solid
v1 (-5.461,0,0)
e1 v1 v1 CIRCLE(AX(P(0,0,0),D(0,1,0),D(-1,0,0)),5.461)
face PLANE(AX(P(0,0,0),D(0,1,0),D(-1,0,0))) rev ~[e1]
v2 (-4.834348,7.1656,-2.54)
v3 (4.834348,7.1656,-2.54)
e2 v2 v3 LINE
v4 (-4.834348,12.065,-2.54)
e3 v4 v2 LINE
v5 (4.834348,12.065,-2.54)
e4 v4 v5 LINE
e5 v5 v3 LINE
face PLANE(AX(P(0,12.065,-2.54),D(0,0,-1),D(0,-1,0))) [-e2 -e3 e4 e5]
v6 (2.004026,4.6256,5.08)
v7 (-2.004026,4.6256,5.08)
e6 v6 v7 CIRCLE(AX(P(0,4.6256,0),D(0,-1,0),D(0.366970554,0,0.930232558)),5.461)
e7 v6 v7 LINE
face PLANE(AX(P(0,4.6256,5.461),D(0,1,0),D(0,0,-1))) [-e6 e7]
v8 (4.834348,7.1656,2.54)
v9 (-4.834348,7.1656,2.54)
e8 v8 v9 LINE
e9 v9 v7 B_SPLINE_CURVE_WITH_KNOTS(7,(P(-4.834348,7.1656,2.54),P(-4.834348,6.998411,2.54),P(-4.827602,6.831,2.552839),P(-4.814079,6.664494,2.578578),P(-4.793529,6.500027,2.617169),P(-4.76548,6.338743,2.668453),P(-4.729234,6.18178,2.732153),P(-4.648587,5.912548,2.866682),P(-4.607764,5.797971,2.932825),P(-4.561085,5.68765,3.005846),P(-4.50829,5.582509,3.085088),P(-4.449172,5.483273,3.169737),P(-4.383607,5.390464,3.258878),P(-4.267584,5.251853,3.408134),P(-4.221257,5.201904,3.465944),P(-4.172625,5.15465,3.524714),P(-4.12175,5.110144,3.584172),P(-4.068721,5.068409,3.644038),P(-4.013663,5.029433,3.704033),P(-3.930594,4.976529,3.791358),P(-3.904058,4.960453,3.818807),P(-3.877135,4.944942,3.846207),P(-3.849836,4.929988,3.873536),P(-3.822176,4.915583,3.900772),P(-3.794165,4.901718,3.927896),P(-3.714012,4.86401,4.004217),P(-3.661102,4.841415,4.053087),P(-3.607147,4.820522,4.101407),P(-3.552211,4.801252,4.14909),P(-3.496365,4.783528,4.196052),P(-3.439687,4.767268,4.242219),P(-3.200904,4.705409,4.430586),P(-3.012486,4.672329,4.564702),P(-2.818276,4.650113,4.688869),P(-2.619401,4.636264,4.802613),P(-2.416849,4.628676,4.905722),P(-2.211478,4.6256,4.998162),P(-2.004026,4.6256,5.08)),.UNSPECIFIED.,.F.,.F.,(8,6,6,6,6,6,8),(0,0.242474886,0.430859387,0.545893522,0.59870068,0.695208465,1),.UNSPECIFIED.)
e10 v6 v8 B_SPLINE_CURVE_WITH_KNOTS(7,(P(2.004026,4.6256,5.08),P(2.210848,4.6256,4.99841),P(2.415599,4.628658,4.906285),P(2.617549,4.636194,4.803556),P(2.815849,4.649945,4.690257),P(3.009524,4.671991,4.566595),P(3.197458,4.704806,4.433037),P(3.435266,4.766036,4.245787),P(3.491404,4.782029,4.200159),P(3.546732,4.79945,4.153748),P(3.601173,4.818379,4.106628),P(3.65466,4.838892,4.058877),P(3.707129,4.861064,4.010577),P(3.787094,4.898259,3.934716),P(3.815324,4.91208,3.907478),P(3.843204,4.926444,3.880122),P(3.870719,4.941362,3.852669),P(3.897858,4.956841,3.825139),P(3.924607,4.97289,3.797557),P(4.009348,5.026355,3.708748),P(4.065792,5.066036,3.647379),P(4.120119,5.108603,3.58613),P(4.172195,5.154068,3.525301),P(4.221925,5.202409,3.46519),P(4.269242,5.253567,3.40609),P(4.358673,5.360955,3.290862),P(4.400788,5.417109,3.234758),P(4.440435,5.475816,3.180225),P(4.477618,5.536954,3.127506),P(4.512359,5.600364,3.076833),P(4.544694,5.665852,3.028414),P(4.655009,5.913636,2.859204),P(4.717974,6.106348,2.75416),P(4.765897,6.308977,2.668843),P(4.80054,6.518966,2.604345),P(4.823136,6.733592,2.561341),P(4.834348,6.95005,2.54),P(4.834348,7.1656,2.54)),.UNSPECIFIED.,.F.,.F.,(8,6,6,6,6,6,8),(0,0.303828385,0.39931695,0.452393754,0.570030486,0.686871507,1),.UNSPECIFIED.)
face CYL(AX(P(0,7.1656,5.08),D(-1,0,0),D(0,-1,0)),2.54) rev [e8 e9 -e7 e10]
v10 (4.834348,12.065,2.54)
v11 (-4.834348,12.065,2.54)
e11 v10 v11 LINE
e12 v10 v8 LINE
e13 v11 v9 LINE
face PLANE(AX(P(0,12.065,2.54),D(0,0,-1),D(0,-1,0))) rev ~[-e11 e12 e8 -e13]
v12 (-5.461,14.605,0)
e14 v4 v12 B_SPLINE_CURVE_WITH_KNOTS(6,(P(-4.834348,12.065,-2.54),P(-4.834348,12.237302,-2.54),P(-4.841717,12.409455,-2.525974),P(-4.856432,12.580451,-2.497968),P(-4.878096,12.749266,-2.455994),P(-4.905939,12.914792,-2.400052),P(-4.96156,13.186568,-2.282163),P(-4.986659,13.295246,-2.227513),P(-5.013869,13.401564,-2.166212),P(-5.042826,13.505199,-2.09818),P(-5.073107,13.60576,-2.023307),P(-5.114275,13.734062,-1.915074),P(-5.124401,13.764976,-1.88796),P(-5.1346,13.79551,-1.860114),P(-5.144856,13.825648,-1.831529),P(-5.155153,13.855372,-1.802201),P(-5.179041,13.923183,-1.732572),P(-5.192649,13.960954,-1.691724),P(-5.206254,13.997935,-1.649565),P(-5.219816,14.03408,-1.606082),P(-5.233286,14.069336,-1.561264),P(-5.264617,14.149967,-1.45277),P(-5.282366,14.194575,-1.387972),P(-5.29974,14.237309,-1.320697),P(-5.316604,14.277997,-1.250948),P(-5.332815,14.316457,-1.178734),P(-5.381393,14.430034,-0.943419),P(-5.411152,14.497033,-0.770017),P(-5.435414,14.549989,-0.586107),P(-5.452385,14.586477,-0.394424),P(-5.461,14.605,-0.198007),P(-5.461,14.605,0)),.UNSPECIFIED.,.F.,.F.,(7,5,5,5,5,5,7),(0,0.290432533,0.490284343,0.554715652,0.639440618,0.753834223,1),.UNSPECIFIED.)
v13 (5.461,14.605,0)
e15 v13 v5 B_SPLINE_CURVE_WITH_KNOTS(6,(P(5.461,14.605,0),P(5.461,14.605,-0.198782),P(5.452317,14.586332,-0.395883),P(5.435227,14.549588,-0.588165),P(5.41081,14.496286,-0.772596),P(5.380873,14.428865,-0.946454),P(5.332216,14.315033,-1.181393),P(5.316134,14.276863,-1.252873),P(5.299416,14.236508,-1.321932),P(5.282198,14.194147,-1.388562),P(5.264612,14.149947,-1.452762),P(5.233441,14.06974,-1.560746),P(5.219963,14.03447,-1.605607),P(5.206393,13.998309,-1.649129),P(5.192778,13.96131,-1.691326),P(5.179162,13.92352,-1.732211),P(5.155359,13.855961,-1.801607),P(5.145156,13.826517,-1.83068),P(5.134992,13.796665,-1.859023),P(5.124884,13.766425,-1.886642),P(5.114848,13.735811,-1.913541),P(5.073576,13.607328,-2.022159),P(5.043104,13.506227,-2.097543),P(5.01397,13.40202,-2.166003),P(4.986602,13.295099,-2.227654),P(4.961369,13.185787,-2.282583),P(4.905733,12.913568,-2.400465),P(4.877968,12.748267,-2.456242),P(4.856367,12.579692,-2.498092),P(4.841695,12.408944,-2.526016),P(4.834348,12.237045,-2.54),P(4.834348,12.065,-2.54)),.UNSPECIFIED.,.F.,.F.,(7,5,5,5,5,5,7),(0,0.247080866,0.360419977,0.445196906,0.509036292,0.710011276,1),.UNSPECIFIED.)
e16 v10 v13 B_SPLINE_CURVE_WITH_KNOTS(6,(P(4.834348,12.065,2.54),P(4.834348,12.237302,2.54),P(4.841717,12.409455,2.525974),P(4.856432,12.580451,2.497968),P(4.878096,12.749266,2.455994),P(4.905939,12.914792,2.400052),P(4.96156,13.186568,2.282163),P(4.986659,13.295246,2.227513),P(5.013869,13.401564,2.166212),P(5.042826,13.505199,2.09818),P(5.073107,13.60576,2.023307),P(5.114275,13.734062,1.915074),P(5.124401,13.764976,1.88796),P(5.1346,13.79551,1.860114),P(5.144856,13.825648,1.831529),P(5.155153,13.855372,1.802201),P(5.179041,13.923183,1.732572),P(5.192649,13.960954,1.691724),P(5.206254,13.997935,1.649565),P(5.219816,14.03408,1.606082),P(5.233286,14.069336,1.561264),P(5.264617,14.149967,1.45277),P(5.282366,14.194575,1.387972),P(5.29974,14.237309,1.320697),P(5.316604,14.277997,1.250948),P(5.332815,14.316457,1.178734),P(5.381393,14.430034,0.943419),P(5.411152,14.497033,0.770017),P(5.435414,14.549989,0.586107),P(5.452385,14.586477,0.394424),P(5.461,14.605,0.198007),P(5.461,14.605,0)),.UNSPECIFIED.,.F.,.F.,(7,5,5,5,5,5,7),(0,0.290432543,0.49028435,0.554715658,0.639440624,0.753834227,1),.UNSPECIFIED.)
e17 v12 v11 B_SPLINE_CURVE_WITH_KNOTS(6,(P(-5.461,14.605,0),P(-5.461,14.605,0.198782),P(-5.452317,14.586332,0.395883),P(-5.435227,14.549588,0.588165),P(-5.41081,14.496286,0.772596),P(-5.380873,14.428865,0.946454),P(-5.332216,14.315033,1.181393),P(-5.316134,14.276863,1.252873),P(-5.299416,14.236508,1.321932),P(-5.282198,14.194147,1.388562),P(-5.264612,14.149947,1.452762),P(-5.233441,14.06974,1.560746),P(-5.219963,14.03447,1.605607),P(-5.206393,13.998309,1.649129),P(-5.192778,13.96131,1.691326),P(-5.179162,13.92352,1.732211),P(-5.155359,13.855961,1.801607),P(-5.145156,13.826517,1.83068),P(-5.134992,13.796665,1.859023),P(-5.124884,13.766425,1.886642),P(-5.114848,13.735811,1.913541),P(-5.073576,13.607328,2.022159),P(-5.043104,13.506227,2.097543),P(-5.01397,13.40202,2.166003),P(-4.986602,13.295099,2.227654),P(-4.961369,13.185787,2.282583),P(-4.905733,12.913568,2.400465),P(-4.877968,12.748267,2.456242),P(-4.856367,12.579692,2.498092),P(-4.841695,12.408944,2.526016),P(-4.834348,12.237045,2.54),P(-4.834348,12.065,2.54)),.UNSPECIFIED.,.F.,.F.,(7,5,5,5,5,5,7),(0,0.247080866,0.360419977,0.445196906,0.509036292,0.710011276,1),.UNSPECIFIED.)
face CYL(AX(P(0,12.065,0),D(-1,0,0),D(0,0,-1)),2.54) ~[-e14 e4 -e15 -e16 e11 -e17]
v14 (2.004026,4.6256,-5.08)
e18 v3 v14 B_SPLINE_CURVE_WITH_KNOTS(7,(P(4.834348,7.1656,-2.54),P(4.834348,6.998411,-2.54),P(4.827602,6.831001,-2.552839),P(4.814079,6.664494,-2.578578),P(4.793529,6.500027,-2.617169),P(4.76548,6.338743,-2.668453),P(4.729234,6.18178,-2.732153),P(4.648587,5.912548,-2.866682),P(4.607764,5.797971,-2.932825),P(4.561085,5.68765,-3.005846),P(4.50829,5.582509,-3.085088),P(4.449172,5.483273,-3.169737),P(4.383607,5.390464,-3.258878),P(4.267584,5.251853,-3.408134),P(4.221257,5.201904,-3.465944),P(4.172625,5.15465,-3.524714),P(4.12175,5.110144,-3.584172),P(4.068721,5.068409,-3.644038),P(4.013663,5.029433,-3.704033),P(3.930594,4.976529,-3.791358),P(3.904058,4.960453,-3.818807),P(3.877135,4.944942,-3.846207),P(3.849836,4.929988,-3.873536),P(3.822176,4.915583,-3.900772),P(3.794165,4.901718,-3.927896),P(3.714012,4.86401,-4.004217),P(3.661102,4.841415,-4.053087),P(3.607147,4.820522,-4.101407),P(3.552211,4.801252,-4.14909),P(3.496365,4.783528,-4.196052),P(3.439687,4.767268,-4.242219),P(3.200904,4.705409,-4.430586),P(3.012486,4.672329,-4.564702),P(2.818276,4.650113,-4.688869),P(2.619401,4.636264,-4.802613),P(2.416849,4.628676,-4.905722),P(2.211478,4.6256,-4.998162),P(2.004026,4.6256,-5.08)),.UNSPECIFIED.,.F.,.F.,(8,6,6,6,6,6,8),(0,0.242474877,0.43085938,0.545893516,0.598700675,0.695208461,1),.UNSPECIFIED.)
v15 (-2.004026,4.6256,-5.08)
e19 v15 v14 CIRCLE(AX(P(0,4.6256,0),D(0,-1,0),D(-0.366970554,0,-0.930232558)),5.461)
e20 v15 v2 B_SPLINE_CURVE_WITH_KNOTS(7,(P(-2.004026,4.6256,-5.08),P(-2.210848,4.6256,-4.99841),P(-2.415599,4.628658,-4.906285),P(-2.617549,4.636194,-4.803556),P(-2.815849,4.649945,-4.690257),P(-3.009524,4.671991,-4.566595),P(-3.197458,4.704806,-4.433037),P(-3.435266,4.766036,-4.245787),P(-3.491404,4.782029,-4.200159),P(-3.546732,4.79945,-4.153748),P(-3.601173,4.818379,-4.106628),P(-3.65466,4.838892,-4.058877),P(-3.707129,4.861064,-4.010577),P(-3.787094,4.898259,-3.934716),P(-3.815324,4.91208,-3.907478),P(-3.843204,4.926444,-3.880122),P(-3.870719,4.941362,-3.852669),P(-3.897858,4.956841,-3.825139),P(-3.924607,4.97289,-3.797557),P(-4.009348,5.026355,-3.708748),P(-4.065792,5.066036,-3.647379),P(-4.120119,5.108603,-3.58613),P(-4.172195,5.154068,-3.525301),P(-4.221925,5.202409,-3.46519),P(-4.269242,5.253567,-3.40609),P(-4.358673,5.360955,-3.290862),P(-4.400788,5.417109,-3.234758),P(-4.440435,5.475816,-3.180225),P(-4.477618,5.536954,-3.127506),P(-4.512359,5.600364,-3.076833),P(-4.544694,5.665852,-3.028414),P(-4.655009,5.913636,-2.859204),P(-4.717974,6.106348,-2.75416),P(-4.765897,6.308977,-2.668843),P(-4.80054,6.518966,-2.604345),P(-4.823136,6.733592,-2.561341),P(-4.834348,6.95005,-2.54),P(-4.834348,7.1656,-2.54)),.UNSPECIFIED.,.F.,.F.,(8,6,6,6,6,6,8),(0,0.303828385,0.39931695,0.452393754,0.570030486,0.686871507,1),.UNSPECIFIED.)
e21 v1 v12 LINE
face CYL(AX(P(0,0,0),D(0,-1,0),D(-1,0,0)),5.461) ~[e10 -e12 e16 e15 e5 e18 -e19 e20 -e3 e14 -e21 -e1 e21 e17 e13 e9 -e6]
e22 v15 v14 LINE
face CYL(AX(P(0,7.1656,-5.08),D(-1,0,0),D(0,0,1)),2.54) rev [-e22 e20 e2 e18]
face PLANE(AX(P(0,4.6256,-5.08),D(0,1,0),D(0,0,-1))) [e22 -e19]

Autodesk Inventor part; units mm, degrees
ref_plane "YZ Plane" through (0, 0, 0) normal (1, 0, 0) x (0, 1, 0)
ref_plane "XZ Plane" through (0, 0, 0) normal (0, 1, 0) x (-1, 0, 0)
ref_plane "XY Plane" through (0, 0, 0) normal (0, 0, 1) x (1, 0, 0)
sketch "Sketch1" plane through (0, 0, 0) normal (0, 1, 0) x (-1, 0, 0)
  circle A0 centre (0, 0) radius 2.54
  circle A1 centre (0, 0) radius 5.461
  dimension "d0" = 5.08
  dimension "d1" = 10.922
extrude "Extrusion1" add sketch "Sketch1" along normal blind 14.605 contours A0 | A1
sketch "Sketch2" plane through (0, 0, 0) normal (1, 0, 0) x (0, 1, 0)
  arc A0 (12.065, -2.54) -> (12.065, 2.54) centre (12.065, 0) ccw
  line L0 (0, 5.461) -> (14.605, 5.461) projected
  line L1 (0, -5.461) -> (14.605, -5.461) projected
  line L2 (12.065, 2.54) -> (7.1656, 2.54)
  line L3 (12.065, -2.54) -> (7.1656, -2.54)
  line L4 (4.6256, 5.461) -> (4.6256, 5.08)
  line L5 (4.6256, -5.08) -> (4.6256, -5.461)
  arc A1 (4.6256, 5.08) -> (7.1656, 2.54) centre (7.1656, 5.08) ccw
  arc A2 (7.1656, -2.54) -> (4.6256, -5.08) centre (7.1656, -5.08) ccw
  line L6 (14.605, 2.54) -> (14.605, -2.54) projected
  line L7 (14.605, -5.461) -> (14.605, 5.461) projected
  point P0 (0, 0)
  point P1 (14.605, 0)
  dimension "d4" = 2.54
  dimension "d5" = 2.54
extrude "Extrusion2" cut sketch "Sketch2" along normal mid plane 14.605
properties part number "Half Universal"
